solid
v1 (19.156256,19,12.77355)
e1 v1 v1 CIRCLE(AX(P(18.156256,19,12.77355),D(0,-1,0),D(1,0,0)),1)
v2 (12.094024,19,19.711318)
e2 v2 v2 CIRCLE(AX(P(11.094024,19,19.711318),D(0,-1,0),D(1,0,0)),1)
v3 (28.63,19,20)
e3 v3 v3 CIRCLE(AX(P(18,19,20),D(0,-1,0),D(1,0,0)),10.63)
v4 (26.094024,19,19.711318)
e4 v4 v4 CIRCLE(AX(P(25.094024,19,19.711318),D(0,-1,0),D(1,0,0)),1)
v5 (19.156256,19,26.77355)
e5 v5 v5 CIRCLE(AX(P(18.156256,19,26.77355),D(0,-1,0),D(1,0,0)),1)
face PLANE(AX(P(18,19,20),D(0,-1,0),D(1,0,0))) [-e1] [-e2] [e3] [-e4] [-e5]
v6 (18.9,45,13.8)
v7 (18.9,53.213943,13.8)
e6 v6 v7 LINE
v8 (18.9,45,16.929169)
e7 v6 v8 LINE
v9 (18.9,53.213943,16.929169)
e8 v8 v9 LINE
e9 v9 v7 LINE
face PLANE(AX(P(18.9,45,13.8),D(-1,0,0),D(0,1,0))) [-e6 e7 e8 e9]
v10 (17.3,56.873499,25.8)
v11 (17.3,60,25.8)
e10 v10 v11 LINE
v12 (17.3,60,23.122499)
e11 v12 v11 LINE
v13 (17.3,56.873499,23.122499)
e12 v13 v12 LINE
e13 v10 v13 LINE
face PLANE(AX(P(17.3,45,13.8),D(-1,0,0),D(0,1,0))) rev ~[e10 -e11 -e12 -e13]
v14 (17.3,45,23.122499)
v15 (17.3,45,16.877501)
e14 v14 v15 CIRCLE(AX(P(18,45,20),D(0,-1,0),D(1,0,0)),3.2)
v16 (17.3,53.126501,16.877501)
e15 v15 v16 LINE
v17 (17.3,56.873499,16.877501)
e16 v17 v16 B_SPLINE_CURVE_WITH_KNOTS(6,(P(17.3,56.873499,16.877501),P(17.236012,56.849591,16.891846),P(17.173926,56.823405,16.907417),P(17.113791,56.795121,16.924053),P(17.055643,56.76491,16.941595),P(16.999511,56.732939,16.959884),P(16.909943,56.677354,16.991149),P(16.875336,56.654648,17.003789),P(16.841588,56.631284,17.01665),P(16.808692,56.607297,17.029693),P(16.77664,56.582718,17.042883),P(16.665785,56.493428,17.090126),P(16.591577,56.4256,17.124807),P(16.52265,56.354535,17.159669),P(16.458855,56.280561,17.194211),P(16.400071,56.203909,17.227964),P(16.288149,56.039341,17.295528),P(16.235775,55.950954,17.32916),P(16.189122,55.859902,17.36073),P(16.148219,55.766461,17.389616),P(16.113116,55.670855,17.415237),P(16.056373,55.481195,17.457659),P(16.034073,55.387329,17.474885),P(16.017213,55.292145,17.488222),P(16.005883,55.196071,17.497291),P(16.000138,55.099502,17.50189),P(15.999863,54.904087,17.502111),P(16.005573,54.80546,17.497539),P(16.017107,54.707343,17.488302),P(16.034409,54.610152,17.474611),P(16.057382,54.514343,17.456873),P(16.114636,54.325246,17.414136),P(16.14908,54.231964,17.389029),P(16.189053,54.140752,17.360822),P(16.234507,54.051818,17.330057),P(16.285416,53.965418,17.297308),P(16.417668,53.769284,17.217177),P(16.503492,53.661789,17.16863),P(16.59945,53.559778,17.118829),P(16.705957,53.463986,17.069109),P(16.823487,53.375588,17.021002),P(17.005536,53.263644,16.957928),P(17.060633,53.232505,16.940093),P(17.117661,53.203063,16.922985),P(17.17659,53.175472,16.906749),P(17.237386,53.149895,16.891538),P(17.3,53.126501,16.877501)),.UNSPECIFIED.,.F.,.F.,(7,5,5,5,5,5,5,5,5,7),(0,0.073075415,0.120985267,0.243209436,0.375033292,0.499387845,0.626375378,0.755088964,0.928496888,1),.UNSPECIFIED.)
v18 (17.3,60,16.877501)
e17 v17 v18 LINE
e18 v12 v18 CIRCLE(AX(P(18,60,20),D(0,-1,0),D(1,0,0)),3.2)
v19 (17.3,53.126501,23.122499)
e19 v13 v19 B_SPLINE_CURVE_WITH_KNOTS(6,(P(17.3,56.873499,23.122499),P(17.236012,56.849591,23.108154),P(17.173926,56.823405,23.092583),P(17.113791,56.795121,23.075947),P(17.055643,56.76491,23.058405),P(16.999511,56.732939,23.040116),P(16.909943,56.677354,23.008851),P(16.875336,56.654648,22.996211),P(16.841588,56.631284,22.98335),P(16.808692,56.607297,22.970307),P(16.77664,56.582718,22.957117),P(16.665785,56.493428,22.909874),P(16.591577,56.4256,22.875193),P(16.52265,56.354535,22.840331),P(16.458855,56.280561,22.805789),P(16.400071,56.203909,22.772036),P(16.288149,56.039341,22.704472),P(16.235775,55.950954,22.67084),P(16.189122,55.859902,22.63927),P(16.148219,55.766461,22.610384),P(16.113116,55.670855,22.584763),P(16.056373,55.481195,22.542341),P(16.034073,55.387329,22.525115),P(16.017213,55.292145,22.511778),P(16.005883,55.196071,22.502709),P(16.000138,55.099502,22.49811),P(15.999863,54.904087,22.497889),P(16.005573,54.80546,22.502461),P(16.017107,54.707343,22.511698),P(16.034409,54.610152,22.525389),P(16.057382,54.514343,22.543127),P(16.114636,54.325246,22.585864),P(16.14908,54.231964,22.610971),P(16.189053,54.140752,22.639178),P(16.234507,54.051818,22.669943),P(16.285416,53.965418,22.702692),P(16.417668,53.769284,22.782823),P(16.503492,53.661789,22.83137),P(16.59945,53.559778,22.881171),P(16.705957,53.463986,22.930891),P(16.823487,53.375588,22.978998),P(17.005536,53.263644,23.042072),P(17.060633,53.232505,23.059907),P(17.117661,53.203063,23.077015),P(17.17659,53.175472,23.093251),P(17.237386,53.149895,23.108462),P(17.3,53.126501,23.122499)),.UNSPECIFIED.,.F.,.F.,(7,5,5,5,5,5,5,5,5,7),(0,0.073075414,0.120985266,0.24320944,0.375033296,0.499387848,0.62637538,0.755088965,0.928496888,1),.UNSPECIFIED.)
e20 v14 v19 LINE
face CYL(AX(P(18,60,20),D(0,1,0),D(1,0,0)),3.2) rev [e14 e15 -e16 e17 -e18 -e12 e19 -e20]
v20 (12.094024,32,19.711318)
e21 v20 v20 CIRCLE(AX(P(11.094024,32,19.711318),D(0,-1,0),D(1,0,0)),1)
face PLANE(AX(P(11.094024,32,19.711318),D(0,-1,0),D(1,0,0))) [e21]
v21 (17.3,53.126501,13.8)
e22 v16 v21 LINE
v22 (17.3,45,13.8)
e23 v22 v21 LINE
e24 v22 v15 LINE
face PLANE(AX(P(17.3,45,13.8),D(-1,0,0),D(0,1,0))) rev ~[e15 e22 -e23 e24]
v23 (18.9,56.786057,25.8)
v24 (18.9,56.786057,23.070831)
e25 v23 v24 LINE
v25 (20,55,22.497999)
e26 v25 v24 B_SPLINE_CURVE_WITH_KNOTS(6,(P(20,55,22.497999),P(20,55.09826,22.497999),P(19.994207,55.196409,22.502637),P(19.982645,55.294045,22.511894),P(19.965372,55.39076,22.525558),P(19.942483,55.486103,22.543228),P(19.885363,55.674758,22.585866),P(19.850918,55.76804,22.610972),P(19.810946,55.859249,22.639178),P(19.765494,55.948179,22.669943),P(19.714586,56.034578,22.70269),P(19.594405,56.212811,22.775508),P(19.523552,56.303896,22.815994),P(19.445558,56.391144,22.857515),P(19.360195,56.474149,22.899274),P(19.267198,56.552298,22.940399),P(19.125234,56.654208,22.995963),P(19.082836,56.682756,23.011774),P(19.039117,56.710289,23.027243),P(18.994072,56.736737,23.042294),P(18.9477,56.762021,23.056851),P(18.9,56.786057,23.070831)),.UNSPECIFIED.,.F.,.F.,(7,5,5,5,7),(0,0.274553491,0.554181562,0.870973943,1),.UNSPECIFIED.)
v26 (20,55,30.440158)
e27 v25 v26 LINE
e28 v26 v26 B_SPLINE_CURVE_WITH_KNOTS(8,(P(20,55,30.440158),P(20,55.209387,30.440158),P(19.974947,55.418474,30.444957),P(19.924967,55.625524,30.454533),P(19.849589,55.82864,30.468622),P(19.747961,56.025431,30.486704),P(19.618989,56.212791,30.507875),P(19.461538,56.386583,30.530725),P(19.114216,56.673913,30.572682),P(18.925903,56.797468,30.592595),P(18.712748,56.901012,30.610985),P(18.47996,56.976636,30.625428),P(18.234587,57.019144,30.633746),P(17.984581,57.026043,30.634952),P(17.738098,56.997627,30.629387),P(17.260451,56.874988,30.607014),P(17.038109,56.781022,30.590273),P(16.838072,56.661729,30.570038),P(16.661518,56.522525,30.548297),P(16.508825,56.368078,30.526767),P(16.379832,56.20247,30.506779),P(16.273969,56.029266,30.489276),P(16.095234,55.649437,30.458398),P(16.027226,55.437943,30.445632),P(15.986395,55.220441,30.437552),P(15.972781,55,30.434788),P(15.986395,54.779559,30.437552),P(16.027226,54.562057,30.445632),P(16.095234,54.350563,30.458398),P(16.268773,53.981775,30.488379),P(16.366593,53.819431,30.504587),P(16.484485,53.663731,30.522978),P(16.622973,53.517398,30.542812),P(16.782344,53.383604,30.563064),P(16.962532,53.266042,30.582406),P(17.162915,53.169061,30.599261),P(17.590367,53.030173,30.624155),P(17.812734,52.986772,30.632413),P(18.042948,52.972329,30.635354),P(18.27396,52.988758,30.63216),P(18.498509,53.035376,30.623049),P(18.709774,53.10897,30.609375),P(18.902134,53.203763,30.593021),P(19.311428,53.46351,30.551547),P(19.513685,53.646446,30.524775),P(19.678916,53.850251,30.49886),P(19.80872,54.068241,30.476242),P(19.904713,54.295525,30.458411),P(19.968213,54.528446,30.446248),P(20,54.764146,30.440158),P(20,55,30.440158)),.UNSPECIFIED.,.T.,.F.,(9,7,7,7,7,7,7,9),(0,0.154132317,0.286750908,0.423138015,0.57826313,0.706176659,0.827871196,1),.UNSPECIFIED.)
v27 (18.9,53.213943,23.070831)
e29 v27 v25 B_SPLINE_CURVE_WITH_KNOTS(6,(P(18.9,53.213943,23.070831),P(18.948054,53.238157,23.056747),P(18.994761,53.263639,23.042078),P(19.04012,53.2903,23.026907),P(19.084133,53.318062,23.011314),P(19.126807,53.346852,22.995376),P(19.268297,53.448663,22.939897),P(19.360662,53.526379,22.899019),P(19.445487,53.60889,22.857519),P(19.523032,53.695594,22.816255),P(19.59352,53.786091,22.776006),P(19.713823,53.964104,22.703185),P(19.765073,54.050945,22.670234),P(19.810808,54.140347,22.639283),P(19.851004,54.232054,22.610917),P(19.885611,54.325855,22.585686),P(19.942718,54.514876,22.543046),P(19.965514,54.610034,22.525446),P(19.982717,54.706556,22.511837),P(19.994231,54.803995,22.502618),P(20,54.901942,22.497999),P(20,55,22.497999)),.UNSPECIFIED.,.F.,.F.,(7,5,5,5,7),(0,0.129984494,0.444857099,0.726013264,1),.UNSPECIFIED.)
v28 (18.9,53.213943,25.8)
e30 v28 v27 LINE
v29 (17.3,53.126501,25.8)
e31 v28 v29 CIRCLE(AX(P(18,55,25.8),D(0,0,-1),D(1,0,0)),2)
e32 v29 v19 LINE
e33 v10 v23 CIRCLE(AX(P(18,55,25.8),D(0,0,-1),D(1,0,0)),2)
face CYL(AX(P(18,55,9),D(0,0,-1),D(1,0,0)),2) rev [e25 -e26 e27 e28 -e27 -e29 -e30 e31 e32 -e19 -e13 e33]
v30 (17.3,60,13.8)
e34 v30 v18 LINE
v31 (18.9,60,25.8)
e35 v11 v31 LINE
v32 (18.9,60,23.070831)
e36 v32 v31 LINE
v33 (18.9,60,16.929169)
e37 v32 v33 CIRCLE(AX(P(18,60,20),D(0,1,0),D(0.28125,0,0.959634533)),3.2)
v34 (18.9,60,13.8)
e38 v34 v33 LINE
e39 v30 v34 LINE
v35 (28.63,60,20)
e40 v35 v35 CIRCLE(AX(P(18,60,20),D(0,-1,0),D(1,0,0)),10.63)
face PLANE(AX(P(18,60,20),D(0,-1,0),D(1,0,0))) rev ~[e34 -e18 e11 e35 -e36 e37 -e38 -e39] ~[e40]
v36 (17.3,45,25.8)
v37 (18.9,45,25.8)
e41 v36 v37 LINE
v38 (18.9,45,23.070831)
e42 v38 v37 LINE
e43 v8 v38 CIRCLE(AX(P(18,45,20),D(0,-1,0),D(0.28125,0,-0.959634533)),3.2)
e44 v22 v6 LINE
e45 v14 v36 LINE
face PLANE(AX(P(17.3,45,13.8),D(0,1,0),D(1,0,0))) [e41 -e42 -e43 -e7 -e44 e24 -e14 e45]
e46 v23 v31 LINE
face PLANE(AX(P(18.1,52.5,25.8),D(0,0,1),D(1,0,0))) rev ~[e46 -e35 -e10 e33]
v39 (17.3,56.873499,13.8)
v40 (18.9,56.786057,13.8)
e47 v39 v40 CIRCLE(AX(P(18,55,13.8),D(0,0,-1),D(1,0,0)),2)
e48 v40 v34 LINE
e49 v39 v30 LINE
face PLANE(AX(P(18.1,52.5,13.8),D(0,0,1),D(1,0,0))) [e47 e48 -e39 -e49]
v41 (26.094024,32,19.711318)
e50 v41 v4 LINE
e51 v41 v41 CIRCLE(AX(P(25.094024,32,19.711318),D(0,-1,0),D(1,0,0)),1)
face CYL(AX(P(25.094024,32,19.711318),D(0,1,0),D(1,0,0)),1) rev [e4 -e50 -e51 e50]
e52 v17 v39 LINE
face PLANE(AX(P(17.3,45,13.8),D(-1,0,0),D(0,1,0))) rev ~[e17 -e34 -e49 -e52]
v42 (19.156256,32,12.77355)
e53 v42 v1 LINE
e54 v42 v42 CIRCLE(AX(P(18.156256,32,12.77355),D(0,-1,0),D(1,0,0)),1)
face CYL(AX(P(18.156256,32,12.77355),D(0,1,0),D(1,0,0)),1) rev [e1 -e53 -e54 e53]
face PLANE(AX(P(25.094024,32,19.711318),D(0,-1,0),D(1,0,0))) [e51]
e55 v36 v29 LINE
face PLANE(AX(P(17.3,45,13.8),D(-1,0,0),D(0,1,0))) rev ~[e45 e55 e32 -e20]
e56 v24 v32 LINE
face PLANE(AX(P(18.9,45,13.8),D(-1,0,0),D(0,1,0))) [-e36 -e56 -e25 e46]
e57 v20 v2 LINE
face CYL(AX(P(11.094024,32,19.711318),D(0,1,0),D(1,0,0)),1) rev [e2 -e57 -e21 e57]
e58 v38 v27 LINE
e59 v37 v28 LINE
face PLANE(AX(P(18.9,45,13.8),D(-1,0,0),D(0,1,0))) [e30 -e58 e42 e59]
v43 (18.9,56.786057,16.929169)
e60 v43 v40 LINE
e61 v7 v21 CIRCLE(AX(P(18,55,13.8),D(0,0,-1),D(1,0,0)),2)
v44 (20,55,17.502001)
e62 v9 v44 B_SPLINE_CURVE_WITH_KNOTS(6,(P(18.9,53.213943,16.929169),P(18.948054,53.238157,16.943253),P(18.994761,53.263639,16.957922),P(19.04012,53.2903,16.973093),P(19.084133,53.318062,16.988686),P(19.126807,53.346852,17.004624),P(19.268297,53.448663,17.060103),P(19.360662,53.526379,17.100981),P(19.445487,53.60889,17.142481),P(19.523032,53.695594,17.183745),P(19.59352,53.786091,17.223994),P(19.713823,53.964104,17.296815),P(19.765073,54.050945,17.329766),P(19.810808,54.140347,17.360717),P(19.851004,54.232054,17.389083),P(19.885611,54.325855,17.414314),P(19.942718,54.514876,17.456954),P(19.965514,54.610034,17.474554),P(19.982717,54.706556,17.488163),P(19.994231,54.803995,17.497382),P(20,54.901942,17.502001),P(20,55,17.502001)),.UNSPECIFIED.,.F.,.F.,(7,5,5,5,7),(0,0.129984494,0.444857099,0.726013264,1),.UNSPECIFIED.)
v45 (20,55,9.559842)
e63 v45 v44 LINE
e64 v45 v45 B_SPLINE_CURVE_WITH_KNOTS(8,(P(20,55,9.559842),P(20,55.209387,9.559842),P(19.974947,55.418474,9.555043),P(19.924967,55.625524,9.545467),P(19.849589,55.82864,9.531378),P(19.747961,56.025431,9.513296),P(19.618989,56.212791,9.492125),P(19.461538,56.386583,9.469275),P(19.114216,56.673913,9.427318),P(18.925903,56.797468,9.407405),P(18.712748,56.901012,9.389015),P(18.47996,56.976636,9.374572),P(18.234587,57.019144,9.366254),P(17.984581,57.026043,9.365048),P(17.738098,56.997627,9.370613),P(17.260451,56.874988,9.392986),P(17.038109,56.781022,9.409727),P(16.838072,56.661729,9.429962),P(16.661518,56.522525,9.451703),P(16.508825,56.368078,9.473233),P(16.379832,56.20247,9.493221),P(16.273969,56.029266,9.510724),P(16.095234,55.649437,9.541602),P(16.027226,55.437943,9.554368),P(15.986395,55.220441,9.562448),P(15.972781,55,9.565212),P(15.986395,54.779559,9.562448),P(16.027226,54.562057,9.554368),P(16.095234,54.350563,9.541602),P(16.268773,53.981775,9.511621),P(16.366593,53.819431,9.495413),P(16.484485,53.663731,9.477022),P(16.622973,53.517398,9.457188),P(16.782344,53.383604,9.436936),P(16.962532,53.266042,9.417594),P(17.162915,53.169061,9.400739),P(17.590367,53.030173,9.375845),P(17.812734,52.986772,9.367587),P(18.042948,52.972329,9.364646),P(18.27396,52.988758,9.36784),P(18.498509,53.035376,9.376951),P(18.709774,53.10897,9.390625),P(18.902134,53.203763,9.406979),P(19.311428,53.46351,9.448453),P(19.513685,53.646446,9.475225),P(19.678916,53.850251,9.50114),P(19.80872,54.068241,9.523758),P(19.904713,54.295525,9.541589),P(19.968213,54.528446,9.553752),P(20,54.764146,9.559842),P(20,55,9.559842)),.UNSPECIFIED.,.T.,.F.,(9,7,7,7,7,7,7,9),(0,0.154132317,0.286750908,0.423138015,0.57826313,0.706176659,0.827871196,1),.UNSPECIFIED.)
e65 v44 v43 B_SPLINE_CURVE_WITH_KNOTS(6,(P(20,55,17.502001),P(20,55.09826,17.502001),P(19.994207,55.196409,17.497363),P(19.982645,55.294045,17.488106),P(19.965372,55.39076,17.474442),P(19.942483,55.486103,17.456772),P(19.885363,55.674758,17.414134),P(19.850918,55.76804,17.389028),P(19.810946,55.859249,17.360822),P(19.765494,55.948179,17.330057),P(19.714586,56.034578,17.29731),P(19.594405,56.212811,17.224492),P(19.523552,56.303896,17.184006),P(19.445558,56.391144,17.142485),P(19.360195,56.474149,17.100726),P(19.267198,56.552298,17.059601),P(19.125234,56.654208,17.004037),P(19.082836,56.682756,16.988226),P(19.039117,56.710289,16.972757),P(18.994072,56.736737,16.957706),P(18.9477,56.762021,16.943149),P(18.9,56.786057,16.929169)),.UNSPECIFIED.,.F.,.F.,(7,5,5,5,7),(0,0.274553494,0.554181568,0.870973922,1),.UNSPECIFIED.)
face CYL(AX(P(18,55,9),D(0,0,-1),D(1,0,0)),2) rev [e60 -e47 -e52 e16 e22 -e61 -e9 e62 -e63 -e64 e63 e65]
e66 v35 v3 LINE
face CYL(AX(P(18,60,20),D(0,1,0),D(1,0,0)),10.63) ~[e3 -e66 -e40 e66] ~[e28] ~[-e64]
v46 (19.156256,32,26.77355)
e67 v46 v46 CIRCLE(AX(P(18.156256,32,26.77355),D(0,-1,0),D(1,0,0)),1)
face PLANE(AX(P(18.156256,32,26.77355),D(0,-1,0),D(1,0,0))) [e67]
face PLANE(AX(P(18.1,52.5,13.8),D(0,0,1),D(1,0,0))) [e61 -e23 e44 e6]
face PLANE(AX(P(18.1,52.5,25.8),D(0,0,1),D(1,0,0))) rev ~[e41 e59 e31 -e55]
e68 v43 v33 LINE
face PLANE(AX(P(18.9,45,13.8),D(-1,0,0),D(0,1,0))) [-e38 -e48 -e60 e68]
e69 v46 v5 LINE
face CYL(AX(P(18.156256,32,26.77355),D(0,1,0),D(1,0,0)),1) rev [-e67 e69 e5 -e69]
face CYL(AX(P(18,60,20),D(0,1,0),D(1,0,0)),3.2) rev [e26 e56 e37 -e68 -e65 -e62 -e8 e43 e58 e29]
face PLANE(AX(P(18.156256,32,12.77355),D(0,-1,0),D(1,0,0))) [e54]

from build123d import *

# Parameters (mm, degrees)
SKETCH_R          = 1
EXTRUDE_DEPTH     = 13
BOX002_W          = 1.6
BOX002_H          = 15
BOX002_DEPTH      = 12
CYLINDER007_R     = 2
CYLINDER007_DEPTH = 22
CYLINDER006_R     = 3.2
CYLINDER006_DEPTH = 15
CYLINDER005_R     = 10.63
CYLINDER005_DEPTH = 41


with BuildPart() as servoholes001:
    # Sketch → Extrude (new body)
    with BuildSketch(Plane.XZ):
        with Locations((11.094024, 19.711318)):
            Circle(SKETCH_R)
        with Locations((25.094024, 19.711318)):
            Circle(SKETCH_R)
        with Locations((18.156256, 26.77355)):
            Circle(SKETCH_R)
        with Locations((18.156256, 12.77355)):
            Circle(SKETCH_R)
    extrude(amount=EXTRUDE_DEPTH)


with BuildPart() as servoholes001_1:
    # Extrude placement: moved
    add(servoholes001.part.moved(Location((0, 32, 0))))


with BuildPart() as slit002:
    # Box002 → Box002 (new body)
    with BuildSketch(Plane(origin=(17.3, 45, 13.8), x_dir=(1, 0, 0), z_dir=(0, 0, 1))):
        with Locations((0.8, 7.5)):
            Rectangle(BOX002_W, BOX002_H)
    extrude(amount=BOX002_DEPTH)


with BuildPart() as bolthole001:
    # Cylinder007 → Cylinder007 (new body)
    with BuildSketch(Plane(origin=(18, 55, 9), x_dir=(1, 0, 0), z_dir=(0, 0, 1))):
        Circle(CYLINDER007_R)
    extrude(amount=CYLINDER007_DEPTH)


with BuildPart() as inner001:
    # Cylinder006 → Cylinder006 (new body)
    with BuildSketch(Plane(origin=(18, 60, 20), x_dir=(1, 0, 0), z_dir=(0, -1, 0))):
        Circle(CYLINDER006_R)
    extrude(amount=CYLINDER006_DEPTH)

    # Fusion003: union slit002, boltHole001
    add(slit002.part)
    add(bolthole001.part)


with BuildPart() as connect001:
    # Cylinder005 → Cylinder005 (new body)
    with BuildSketch(Plane(origin=(18, 60, 20), x_dir=(1, 0, 0), z_dir=(0, -1, 0))):
        Circle(CYLINDER005_R)
    extrude(amount=CYLINDER005_DEPTH)

    # Cut002: cut inner001
    add(inner001.part, mode=Mode.SUBTRACT)

    # Cut003: cut servoHoles001
    add(servoholes001_1.part, mode=Mode.SUBTRACT)


solid = connect001.part
